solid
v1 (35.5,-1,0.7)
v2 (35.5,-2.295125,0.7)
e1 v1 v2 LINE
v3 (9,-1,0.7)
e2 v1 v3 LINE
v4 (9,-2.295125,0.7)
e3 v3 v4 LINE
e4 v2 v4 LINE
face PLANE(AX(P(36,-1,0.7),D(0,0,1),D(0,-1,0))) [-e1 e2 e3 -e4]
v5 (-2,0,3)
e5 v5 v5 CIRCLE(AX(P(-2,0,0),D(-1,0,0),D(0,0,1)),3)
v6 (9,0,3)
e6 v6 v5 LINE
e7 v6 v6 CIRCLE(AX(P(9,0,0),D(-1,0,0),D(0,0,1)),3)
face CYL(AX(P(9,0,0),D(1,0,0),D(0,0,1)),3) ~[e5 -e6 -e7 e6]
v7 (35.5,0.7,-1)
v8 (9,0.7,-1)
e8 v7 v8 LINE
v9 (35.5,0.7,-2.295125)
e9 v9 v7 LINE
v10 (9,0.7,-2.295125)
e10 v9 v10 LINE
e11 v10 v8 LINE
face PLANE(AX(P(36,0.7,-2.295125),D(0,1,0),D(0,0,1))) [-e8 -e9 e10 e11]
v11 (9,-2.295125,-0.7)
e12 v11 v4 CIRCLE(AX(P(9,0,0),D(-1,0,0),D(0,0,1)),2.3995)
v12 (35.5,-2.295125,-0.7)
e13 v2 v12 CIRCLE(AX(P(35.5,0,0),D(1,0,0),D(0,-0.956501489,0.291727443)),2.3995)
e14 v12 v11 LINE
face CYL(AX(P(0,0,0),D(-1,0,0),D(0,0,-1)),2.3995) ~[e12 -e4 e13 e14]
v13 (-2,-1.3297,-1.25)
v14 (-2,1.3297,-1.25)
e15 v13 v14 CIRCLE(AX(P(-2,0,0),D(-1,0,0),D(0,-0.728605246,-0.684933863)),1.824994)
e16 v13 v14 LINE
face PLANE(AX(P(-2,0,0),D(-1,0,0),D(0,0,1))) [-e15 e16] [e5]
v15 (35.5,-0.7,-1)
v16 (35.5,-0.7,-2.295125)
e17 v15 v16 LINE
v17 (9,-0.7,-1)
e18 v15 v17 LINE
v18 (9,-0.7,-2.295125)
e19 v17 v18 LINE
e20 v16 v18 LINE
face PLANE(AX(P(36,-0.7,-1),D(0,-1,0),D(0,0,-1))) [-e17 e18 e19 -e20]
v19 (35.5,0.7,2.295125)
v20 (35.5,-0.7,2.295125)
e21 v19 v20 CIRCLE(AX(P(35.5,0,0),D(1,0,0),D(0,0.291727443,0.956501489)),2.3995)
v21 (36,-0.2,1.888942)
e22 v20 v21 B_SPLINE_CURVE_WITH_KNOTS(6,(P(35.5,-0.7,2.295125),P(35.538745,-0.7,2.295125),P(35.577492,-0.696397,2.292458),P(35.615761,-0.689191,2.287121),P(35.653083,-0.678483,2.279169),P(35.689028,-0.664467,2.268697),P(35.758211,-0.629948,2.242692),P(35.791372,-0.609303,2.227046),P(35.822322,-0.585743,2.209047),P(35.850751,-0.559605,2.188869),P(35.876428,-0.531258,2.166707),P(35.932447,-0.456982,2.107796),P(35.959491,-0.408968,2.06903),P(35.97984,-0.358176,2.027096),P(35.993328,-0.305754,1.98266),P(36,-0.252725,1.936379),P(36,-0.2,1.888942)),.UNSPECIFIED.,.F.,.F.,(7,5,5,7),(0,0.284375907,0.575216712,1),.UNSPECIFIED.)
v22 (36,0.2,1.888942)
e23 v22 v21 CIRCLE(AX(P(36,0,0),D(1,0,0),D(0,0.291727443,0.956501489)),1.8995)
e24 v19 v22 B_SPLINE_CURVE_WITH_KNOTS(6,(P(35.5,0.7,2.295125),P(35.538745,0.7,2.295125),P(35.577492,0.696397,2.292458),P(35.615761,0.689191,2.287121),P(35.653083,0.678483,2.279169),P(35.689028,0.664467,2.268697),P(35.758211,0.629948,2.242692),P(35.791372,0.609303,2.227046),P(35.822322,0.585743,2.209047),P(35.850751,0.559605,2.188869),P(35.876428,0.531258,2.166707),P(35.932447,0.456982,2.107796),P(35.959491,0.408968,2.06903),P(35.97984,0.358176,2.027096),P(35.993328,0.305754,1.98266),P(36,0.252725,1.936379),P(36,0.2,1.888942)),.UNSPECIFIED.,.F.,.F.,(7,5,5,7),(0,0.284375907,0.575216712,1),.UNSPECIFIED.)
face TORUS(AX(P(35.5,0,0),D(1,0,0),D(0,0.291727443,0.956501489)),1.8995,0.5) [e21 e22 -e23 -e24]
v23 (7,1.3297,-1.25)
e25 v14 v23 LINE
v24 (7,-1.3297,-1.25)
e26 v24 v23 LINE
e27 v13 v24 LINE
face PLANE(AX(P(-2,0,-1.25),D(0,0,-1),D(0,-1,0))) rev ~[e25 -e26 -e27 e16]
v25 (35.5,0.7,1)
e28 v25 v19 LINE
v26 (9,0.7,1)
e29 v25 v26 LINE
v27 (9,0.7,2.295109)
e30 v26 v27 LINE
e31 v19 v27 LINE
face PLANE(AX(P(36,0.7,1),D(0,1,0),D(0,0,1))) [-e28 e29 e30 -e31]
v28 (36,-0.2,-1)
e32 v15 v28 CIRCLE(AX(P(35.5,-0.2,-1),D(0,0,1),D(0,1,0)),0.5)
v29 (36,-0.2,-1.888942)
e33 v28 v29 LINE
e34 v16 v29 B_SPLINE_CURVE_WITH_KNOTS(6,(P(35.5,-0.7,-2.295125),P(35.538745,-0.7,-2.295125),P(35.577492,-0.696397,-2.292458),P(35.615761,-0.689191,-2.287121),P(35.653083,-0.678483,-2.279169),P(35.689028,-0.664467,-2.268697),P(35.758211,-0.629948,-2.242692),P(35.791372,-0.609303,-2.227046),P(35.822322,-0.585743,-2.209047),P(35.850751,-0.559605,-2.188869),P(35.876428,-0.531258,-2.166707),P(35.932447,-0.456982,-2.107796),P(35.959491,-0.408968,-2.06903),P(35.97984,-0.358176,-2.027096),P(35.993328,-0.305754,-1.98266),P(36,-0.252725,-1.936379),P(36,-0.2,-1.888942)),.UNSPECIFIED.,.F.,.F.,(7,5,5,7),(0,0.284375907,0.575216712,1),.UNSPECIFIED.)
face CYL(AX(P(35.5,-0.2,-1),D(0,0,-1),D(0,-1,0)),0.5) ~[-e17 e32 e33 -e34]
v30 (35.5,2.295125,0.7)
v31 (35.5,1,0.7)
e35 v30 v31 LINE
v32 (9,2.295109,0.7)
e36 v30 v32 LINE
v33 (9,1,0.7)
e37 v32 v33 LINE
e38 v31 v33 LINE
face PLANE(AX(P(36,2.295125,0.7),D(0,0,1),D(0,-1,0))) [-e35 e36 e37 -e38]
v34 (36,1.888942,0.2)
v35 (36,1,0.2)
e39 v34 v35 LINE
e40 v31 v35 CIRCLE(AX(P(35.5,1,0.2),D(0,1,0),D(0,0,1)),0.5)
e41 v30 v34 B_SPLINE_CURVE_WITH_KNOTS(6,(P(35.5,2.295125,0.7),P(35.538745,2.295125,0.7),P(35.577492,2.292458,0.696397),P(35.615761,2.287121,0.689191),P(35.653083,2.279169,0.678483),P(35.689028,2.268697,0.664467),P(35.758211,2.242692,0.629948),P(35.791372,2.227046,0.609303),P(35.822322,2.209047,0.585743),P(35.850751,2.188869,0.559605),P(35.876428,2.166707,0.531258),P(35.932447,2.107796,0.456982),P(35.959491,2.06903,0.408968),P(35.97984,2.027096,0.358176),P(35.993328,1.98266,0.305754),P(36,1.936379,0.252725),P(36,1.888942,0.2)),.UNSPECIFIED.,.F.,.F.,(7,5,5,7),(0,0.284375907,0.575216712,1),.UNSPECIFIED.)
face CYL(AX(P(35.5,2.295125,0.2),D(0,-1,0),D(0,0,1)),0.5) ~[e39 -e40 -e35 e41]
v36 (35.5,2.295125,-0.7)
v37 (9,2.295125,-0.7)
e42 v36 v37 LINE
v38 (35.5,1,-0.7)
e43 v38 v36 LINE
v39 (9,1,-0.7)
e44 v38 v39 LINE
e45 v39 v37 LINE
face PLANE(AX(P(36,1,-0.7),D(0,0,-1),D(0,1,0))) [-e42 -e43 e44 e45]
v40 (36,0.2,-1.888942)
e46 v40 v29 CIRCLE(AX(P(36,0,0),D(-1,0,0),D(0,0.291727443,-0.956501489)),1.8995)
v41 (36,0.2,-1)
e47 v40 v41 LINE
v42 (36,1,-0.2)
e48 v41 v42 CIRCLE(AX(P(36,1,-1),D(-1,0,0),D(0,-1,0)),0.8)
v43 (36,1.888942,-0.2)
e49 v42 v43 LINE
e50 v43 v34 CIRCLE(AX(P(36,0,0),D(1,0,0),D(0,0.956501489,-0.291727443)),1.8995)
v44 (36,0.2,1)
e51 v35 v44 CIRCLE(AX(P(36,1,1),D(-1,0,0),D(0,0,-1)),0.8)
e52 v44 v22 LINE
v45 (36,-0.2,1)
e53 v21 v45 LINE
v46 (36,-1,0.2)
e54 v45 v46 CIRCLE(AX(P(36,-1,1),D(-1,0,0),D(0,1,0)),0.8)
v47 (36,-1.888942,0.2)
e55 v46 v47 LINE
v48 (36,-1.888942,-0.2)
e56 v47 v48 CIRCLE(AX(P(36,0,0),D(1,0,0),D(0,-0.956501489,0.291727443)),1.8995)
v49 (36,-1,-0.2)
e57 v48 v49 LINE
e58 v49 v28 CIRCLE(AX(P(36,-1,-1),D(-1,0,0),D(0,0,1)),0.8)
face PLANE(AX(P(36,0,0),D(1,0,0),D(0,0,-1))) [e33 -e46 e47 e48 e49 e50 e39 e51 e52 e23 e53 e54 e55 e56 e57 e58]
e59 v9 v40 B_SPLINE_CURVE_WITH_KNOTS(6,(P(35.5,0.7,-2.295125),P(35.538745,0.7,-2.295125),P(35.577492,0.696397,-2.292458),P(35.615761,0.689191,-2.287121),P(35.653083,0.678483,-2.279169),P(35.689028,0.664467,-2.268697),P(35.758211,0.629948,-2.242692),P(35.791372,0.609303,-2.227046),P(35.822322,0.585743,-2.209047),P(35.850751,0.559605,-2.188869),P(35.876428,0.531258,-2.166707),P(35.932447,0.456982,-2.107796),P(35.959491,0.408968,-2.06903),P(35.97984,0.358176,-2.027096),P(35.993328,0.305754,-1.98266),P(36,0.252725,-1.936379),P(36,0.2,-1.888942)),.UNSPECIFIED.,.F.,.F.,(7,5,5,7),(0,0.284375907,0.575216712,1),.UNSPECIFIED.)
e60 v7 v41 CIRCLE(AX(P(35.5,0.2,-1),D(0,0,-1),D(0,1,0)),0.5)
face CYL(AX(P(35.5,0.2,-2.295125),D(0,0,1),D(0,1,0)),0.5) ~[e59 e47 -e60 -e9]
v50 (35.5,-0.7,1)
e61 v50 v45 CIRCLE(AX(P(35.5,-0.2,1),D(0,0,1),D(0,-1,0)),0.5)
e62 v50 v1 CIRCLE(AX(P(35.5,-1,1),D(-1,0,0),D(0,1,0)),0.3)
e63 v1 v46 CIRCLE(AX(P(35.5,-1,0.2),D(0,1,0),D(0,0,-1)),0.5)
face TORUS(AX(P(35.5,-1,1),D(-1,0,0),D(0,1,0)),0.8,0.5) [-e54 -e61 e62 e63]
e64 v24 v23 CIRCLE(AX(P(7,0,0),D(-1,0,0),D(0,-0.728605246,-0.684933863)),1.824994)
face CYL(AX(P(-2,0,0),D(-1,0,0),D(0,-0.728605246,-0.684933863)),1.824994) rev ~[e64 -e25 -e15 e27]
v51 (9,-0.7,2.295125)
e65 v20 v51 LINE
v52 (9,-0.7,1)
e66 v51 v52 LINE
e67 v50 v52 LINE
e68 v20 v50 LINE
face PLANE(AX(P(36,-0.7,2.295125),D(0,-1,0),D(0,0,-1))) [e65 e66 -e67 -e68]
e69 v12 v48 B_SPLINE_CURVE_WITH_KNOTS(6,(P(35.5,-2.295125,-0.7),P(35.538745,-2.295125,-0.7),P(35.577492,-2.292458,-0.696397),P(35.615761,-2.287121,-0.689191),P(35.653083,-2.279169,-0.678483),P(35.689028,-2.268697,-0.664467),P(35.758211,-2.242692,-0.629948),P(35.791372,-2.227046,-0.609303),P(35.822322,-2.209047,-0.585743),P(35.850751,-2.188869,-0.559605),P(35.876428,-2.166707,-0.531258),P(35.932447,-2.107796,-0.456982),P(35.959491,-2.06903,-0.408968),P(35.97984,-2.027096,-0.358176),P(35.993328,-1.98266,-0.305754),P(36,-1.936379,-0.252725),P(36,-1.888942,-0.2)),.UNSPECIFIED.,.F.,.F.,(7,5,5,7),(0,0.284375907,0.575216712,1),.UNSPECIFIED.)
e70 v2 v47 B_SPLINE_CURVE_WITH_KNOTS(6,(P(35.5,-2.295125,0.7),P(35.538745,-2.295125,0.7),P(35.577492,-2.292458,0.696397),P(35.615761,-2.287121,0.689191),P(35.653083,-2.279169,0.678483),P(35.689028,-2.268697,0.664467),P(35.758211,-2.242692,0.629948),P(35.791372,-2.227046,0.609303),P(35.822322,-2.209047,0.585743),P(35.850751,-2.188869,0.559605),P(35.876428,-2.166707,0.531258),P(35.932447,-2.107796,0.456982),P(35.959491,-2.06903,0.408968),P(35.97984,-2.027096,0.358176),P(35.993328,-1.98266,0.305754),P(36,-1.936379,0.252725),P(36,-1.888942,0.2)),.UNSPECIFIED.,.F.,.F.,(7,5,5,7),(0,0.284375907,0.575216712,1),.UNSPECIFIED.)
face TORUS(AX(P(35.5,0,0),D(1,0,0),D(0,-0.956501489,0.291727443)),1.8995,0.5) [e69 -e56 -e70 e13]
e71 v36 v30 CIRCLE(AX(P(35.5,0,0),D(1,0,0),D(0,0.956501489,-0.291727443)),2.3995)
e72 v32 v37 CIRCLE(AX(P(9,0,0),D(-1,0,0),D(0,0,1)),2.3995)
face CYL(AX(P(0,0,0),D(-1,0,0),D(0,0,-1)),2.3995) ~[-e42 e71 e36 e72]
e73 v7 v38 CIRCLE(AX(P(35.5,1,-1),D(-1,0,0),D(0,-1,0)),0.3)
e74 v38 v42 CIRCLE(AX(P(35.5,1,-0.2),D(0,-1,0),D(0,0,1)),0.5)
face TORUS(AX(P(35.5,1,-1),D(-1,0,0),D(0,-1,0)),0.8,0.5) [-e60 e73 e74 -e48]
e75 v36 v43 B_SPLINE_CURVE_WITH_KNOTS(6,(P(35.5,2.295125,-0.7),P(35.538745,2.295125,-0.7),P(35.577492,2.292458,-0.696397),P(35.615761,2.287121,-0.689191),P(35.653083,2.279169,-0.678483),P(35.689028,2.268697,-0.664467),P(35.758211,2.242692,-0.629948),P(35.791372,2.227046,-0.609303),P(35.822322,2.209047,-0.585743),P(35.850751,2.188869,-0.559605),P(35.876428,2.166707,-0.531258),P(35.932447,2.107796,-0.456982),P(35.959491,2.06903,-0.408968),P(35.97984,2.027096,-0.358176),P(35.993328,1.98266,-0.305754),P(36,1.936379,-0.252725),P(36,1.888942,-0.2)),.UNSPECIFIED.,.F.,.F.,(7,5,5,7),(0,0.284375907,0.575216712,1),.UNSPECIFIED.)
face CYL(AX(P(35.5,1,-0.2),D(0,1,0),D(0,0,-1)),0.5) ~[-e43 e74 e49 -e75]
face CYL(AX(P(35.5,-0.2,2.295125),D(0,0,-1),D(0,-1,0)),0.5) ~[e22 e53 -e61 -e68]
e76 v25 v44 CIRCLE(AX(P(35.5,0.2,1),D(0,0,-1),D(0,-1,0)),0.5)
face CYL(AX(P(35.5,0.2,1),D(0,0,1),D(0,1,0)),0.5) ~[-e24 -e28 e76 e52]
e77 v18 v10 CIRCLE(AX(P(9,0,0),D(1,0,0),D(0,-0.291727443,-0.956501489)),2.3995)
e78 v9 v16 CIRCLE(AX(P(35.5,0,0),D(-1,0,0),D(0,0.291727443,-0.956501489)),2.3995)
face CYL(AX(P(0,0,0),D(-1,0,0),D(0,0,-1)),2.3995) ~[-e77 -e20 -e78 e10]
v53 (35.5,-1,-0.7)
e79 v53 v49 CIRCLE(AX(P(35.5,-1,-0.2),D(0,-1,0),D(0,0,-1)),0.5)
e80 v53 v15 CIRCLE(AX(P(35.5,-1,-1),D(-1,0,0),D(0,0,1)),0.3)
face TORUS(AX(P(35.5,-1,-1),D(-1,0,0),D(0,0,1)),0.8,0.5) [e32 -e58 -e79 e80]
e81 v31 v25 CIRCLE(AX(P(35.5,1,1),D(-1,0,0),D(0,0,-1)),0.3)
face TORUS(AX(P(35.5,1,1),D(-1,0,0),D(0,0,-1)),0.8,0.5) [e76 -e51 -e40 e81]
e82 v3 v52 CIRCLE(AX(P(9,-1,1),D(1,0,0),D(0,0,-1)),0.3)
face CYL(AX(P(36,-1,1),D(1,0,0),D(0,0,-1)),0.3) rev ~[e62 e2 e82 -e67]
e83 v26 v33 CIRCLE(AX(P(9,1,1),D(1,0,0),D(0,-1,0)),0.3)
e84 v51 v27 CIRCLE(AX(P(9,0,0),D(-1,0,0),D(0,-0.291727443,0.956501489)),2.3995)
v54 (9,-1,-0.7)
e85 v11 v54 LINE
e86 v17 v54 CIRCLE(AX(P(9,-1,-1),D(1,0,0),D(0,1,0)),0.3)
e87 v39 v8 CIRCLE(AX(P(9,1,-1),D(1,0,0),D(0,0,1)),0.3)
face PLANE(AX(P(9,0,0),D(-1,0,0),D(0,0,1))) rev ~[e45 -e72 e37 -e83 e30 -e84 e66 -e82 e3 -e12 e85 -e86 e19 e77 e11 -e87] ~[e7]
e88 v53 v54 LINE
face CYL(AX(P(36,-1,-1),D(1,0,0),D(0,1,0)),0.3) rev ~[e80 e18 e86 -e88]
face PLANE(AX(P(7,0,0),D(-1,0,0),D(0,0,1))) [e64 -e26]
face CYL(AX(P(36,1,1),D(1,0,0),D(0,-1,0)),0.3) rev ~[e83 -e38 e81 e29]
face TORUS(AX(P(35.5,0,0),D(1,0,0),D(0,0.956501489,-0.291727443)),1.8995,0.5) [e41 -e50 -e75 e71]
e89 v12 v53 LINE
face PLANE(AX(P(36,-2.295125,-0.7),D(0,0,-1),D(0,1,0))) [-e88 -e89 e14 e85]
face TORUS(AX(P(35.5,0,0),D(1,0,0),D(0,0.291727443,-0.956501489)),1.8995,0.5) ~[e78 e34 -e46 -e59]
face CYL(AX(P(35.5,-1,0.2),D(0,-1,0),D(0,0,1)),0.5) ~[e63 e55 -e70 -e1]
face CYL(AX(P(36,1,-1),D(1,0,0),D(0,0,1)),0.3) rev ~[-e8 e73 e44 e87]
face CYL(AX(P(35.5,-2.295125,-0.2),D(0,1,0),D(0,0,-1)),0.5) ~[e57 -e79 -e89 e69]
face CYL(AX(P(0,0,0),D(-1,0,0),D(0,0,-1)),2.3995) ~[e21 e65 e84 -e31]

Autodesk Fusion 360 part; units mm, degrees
sketch "Sketch1" plane through (0, 0, 0) normal (1, 0, 0) x (0, 0, -1)
  circle A0 centre (0, 0) radius 2.3995
  dimension "d1" = 4.799
extrude "Extrude1" add sketch "Sketch1" along normal blind 36
sketch "Sketch2" plane through (36, 0, 0) normal (1, 0, 0) x (0, 0, -1)
  circle A0 centre (0, 0) radius 2.3995
  line L0 (0.7, 2.3995) -> (-0.7, 2.3995)
  line L1 (-0.7, -2.3995) -> (0.7, -2.3995)
  line L2 (0.7, 2.3995) -> (-0.7, -2.3995) construction
  line L3 (-0.7, 2.3995) -> (0.7, -2.3995) construction
  line L4 (-2.3995, 0.7) -> (-2.3995, -0.7)
  line L5 (2.3995, -0.7) -> (2.3995, 0.7)
  line L6 (2.3995, 0.7) -> (-2.3995, -0.7) construction
  line L7 (-2.3995, 0.7) -> (2.3995, -0.7) construction
  line L8 (-0.7, 2.3995) -> (-0.7, 1)
  line L9 (-0.7, -1) -> (-0.7, -2.3995)
  line L10 (-2.3995, -0.7) -> (-1, -0.7)
  line L11 (1, -0.7) -> (2.3995, -0.7)
  line L12 (0.7, -2.3995) -> (0.7, -1)
  line L13 (0.7, 1) -> (0.7, 2.3995)
  line L14 (2.3995, 0.7) -> (1, 0.7)
  line L15 (-1, 0.7) -> (-2.3995, 0.7)
  arc A1 (-1, 0.7) -> (-0.7, 1) centre (-1, 1) ccw
  arc A2 (0.7, 1) -> (1, 0.7) centre (1, 1) ccw
  arc A3 (1, -0.7) -> (0.7, -1) centre (1, -1) ccw
  arc A4 (-0.7, -1) -> (-1, -0.7) centre (-1, -1) ccw
  dimension "d4" = 4.799
  dimension "d5" = 1.4
  dimension "d6" = 4.799
  dimension "d7" = 1.4
  dimension "d8" = 0.3
  dimension "d11" = 0.3
extrude "Extrude2" cut sketch "Sketch2" against normal blind 27 contours A0 L13 L14 A2 | A0 L11 L12 A3 | A0 L8 L15 A1 | A0 L9 L10 A4
sketch "Sketch4" plane through (0, 0, 0) normal (-1, 0, 0) x (0, 0, 1)
  circle A0 centre (0, 0) radius 2.3995
  circle A1 centre (0, 0) radius 2.3995
  arc A2 (2.2951, 0.7) -> (0.7, 2.2951) centre (0, 0) ccw
extrude "Extrude4" cut sketch "Sketch4" against normal blind 9
sketch "Sketch5" plane through (9, 0, 0) normal (-1, 0, 0) x (0, 0, 1)
  line L0 (-2.2951, -0.7) -> (-1, -0.7)
  arc A0 (-0.7, -1) -> (-1, -0.7) centre (-1, -1) ccw
  line L1 (-0.7, -1) -> (-0.7, -2.2951)
  arc A1 (-0.7, -2.2951) -> (0.7, -2.2951) centre (0, 0) ccw
  line L2 (0.7, -2.2951) -> (0.7, -1)
  arc A2 (1, -0.7) -> (0.7, -1) centre (1, -1) ccw
  line L3 (1, -0.7) -> (2.2951, -0.7)
  arc A3 (2.2951, -0.7) -> (2.2951, 0.7) centre (0, 0) ccw
  line L4 (2.2951, 0.7) -> (1, 0.7)
  arc A4 (0.7, 1) -> (1, 0.7) centre (1, 1) ccw
  line L5 (0.7, 1) -> (0.7, 2.2951)
  arc A5 (0.7, 2.2951) -> (-0.7, 2.2951) centre (0, 0) ccw
  line L6 (-0.7, 2.2951) -> (-0.7, 1)
  arc A6 (-1, 0.7) -> (-0.7, 1) centre (-1, 1) ccw
  line L7 (-1, 0.7) -> (-2.2951, 0.7)
  arc A7 (-2.2951, 0.7) -> (-2.2951, -0.7) centre (0, 0) ccw
  circle A8 centre (0, 0) radius 3
  dimension "d19" = 6
extrude "Extrude5" add sketch "Sketch5" along normal blind 11 contours L0 A0 L1 A1 L2 A2 L3 A3 L4 A4 L5 A5 L6 A6 L7 A7 | A8
sketch "Sketch6" plane through (-2, 0, 0) normal (-1, 0, 0) x (0, 0, 1)
  circle A0 centre (0, 0) radius 3
  line L0 (-1.25, 0) -> (-1.25, 1.3297)
  line L1 (-2.2951, 0.7) -> (-1, 0.7)
  line L2 (-1.25, 1.3297) -> (-1.25, -1.3297)
  arc A1 (-1.25, -1.3297) -> (-1.25, 1.3297) centre (0, 0) ccw
  point P0 (-0.7, -2.2951)
  dimension "d22" = 3.65
  dimension "d23" = 1.25
extrude "Extrude6" cut sketch "Sketch6" against normal blind 9 contours L0 L2 A1
fillet "Fillet3" radius 0.5 16 edges at (36, 2.3995, 0) (36, 0.7, -1.6476) (36, 0.7879, -0.7879) (36, 1.6476, -0.7) (36, 1.6476, 0.7) (36, 0.7879, 0.7879) (36, 0.7, 1.6476) (36, 0, 2.3995) (36, -0.7, 1.6476) (36, -0.7879, 0.7879) (36, -1.6476, 0.7) (36, -2.3995, 0) (36, -1.6476, -0.7) (36, -0.7879, -0.7879) (36, -0.7, -1.6476) (36, 0, -2.3995)
